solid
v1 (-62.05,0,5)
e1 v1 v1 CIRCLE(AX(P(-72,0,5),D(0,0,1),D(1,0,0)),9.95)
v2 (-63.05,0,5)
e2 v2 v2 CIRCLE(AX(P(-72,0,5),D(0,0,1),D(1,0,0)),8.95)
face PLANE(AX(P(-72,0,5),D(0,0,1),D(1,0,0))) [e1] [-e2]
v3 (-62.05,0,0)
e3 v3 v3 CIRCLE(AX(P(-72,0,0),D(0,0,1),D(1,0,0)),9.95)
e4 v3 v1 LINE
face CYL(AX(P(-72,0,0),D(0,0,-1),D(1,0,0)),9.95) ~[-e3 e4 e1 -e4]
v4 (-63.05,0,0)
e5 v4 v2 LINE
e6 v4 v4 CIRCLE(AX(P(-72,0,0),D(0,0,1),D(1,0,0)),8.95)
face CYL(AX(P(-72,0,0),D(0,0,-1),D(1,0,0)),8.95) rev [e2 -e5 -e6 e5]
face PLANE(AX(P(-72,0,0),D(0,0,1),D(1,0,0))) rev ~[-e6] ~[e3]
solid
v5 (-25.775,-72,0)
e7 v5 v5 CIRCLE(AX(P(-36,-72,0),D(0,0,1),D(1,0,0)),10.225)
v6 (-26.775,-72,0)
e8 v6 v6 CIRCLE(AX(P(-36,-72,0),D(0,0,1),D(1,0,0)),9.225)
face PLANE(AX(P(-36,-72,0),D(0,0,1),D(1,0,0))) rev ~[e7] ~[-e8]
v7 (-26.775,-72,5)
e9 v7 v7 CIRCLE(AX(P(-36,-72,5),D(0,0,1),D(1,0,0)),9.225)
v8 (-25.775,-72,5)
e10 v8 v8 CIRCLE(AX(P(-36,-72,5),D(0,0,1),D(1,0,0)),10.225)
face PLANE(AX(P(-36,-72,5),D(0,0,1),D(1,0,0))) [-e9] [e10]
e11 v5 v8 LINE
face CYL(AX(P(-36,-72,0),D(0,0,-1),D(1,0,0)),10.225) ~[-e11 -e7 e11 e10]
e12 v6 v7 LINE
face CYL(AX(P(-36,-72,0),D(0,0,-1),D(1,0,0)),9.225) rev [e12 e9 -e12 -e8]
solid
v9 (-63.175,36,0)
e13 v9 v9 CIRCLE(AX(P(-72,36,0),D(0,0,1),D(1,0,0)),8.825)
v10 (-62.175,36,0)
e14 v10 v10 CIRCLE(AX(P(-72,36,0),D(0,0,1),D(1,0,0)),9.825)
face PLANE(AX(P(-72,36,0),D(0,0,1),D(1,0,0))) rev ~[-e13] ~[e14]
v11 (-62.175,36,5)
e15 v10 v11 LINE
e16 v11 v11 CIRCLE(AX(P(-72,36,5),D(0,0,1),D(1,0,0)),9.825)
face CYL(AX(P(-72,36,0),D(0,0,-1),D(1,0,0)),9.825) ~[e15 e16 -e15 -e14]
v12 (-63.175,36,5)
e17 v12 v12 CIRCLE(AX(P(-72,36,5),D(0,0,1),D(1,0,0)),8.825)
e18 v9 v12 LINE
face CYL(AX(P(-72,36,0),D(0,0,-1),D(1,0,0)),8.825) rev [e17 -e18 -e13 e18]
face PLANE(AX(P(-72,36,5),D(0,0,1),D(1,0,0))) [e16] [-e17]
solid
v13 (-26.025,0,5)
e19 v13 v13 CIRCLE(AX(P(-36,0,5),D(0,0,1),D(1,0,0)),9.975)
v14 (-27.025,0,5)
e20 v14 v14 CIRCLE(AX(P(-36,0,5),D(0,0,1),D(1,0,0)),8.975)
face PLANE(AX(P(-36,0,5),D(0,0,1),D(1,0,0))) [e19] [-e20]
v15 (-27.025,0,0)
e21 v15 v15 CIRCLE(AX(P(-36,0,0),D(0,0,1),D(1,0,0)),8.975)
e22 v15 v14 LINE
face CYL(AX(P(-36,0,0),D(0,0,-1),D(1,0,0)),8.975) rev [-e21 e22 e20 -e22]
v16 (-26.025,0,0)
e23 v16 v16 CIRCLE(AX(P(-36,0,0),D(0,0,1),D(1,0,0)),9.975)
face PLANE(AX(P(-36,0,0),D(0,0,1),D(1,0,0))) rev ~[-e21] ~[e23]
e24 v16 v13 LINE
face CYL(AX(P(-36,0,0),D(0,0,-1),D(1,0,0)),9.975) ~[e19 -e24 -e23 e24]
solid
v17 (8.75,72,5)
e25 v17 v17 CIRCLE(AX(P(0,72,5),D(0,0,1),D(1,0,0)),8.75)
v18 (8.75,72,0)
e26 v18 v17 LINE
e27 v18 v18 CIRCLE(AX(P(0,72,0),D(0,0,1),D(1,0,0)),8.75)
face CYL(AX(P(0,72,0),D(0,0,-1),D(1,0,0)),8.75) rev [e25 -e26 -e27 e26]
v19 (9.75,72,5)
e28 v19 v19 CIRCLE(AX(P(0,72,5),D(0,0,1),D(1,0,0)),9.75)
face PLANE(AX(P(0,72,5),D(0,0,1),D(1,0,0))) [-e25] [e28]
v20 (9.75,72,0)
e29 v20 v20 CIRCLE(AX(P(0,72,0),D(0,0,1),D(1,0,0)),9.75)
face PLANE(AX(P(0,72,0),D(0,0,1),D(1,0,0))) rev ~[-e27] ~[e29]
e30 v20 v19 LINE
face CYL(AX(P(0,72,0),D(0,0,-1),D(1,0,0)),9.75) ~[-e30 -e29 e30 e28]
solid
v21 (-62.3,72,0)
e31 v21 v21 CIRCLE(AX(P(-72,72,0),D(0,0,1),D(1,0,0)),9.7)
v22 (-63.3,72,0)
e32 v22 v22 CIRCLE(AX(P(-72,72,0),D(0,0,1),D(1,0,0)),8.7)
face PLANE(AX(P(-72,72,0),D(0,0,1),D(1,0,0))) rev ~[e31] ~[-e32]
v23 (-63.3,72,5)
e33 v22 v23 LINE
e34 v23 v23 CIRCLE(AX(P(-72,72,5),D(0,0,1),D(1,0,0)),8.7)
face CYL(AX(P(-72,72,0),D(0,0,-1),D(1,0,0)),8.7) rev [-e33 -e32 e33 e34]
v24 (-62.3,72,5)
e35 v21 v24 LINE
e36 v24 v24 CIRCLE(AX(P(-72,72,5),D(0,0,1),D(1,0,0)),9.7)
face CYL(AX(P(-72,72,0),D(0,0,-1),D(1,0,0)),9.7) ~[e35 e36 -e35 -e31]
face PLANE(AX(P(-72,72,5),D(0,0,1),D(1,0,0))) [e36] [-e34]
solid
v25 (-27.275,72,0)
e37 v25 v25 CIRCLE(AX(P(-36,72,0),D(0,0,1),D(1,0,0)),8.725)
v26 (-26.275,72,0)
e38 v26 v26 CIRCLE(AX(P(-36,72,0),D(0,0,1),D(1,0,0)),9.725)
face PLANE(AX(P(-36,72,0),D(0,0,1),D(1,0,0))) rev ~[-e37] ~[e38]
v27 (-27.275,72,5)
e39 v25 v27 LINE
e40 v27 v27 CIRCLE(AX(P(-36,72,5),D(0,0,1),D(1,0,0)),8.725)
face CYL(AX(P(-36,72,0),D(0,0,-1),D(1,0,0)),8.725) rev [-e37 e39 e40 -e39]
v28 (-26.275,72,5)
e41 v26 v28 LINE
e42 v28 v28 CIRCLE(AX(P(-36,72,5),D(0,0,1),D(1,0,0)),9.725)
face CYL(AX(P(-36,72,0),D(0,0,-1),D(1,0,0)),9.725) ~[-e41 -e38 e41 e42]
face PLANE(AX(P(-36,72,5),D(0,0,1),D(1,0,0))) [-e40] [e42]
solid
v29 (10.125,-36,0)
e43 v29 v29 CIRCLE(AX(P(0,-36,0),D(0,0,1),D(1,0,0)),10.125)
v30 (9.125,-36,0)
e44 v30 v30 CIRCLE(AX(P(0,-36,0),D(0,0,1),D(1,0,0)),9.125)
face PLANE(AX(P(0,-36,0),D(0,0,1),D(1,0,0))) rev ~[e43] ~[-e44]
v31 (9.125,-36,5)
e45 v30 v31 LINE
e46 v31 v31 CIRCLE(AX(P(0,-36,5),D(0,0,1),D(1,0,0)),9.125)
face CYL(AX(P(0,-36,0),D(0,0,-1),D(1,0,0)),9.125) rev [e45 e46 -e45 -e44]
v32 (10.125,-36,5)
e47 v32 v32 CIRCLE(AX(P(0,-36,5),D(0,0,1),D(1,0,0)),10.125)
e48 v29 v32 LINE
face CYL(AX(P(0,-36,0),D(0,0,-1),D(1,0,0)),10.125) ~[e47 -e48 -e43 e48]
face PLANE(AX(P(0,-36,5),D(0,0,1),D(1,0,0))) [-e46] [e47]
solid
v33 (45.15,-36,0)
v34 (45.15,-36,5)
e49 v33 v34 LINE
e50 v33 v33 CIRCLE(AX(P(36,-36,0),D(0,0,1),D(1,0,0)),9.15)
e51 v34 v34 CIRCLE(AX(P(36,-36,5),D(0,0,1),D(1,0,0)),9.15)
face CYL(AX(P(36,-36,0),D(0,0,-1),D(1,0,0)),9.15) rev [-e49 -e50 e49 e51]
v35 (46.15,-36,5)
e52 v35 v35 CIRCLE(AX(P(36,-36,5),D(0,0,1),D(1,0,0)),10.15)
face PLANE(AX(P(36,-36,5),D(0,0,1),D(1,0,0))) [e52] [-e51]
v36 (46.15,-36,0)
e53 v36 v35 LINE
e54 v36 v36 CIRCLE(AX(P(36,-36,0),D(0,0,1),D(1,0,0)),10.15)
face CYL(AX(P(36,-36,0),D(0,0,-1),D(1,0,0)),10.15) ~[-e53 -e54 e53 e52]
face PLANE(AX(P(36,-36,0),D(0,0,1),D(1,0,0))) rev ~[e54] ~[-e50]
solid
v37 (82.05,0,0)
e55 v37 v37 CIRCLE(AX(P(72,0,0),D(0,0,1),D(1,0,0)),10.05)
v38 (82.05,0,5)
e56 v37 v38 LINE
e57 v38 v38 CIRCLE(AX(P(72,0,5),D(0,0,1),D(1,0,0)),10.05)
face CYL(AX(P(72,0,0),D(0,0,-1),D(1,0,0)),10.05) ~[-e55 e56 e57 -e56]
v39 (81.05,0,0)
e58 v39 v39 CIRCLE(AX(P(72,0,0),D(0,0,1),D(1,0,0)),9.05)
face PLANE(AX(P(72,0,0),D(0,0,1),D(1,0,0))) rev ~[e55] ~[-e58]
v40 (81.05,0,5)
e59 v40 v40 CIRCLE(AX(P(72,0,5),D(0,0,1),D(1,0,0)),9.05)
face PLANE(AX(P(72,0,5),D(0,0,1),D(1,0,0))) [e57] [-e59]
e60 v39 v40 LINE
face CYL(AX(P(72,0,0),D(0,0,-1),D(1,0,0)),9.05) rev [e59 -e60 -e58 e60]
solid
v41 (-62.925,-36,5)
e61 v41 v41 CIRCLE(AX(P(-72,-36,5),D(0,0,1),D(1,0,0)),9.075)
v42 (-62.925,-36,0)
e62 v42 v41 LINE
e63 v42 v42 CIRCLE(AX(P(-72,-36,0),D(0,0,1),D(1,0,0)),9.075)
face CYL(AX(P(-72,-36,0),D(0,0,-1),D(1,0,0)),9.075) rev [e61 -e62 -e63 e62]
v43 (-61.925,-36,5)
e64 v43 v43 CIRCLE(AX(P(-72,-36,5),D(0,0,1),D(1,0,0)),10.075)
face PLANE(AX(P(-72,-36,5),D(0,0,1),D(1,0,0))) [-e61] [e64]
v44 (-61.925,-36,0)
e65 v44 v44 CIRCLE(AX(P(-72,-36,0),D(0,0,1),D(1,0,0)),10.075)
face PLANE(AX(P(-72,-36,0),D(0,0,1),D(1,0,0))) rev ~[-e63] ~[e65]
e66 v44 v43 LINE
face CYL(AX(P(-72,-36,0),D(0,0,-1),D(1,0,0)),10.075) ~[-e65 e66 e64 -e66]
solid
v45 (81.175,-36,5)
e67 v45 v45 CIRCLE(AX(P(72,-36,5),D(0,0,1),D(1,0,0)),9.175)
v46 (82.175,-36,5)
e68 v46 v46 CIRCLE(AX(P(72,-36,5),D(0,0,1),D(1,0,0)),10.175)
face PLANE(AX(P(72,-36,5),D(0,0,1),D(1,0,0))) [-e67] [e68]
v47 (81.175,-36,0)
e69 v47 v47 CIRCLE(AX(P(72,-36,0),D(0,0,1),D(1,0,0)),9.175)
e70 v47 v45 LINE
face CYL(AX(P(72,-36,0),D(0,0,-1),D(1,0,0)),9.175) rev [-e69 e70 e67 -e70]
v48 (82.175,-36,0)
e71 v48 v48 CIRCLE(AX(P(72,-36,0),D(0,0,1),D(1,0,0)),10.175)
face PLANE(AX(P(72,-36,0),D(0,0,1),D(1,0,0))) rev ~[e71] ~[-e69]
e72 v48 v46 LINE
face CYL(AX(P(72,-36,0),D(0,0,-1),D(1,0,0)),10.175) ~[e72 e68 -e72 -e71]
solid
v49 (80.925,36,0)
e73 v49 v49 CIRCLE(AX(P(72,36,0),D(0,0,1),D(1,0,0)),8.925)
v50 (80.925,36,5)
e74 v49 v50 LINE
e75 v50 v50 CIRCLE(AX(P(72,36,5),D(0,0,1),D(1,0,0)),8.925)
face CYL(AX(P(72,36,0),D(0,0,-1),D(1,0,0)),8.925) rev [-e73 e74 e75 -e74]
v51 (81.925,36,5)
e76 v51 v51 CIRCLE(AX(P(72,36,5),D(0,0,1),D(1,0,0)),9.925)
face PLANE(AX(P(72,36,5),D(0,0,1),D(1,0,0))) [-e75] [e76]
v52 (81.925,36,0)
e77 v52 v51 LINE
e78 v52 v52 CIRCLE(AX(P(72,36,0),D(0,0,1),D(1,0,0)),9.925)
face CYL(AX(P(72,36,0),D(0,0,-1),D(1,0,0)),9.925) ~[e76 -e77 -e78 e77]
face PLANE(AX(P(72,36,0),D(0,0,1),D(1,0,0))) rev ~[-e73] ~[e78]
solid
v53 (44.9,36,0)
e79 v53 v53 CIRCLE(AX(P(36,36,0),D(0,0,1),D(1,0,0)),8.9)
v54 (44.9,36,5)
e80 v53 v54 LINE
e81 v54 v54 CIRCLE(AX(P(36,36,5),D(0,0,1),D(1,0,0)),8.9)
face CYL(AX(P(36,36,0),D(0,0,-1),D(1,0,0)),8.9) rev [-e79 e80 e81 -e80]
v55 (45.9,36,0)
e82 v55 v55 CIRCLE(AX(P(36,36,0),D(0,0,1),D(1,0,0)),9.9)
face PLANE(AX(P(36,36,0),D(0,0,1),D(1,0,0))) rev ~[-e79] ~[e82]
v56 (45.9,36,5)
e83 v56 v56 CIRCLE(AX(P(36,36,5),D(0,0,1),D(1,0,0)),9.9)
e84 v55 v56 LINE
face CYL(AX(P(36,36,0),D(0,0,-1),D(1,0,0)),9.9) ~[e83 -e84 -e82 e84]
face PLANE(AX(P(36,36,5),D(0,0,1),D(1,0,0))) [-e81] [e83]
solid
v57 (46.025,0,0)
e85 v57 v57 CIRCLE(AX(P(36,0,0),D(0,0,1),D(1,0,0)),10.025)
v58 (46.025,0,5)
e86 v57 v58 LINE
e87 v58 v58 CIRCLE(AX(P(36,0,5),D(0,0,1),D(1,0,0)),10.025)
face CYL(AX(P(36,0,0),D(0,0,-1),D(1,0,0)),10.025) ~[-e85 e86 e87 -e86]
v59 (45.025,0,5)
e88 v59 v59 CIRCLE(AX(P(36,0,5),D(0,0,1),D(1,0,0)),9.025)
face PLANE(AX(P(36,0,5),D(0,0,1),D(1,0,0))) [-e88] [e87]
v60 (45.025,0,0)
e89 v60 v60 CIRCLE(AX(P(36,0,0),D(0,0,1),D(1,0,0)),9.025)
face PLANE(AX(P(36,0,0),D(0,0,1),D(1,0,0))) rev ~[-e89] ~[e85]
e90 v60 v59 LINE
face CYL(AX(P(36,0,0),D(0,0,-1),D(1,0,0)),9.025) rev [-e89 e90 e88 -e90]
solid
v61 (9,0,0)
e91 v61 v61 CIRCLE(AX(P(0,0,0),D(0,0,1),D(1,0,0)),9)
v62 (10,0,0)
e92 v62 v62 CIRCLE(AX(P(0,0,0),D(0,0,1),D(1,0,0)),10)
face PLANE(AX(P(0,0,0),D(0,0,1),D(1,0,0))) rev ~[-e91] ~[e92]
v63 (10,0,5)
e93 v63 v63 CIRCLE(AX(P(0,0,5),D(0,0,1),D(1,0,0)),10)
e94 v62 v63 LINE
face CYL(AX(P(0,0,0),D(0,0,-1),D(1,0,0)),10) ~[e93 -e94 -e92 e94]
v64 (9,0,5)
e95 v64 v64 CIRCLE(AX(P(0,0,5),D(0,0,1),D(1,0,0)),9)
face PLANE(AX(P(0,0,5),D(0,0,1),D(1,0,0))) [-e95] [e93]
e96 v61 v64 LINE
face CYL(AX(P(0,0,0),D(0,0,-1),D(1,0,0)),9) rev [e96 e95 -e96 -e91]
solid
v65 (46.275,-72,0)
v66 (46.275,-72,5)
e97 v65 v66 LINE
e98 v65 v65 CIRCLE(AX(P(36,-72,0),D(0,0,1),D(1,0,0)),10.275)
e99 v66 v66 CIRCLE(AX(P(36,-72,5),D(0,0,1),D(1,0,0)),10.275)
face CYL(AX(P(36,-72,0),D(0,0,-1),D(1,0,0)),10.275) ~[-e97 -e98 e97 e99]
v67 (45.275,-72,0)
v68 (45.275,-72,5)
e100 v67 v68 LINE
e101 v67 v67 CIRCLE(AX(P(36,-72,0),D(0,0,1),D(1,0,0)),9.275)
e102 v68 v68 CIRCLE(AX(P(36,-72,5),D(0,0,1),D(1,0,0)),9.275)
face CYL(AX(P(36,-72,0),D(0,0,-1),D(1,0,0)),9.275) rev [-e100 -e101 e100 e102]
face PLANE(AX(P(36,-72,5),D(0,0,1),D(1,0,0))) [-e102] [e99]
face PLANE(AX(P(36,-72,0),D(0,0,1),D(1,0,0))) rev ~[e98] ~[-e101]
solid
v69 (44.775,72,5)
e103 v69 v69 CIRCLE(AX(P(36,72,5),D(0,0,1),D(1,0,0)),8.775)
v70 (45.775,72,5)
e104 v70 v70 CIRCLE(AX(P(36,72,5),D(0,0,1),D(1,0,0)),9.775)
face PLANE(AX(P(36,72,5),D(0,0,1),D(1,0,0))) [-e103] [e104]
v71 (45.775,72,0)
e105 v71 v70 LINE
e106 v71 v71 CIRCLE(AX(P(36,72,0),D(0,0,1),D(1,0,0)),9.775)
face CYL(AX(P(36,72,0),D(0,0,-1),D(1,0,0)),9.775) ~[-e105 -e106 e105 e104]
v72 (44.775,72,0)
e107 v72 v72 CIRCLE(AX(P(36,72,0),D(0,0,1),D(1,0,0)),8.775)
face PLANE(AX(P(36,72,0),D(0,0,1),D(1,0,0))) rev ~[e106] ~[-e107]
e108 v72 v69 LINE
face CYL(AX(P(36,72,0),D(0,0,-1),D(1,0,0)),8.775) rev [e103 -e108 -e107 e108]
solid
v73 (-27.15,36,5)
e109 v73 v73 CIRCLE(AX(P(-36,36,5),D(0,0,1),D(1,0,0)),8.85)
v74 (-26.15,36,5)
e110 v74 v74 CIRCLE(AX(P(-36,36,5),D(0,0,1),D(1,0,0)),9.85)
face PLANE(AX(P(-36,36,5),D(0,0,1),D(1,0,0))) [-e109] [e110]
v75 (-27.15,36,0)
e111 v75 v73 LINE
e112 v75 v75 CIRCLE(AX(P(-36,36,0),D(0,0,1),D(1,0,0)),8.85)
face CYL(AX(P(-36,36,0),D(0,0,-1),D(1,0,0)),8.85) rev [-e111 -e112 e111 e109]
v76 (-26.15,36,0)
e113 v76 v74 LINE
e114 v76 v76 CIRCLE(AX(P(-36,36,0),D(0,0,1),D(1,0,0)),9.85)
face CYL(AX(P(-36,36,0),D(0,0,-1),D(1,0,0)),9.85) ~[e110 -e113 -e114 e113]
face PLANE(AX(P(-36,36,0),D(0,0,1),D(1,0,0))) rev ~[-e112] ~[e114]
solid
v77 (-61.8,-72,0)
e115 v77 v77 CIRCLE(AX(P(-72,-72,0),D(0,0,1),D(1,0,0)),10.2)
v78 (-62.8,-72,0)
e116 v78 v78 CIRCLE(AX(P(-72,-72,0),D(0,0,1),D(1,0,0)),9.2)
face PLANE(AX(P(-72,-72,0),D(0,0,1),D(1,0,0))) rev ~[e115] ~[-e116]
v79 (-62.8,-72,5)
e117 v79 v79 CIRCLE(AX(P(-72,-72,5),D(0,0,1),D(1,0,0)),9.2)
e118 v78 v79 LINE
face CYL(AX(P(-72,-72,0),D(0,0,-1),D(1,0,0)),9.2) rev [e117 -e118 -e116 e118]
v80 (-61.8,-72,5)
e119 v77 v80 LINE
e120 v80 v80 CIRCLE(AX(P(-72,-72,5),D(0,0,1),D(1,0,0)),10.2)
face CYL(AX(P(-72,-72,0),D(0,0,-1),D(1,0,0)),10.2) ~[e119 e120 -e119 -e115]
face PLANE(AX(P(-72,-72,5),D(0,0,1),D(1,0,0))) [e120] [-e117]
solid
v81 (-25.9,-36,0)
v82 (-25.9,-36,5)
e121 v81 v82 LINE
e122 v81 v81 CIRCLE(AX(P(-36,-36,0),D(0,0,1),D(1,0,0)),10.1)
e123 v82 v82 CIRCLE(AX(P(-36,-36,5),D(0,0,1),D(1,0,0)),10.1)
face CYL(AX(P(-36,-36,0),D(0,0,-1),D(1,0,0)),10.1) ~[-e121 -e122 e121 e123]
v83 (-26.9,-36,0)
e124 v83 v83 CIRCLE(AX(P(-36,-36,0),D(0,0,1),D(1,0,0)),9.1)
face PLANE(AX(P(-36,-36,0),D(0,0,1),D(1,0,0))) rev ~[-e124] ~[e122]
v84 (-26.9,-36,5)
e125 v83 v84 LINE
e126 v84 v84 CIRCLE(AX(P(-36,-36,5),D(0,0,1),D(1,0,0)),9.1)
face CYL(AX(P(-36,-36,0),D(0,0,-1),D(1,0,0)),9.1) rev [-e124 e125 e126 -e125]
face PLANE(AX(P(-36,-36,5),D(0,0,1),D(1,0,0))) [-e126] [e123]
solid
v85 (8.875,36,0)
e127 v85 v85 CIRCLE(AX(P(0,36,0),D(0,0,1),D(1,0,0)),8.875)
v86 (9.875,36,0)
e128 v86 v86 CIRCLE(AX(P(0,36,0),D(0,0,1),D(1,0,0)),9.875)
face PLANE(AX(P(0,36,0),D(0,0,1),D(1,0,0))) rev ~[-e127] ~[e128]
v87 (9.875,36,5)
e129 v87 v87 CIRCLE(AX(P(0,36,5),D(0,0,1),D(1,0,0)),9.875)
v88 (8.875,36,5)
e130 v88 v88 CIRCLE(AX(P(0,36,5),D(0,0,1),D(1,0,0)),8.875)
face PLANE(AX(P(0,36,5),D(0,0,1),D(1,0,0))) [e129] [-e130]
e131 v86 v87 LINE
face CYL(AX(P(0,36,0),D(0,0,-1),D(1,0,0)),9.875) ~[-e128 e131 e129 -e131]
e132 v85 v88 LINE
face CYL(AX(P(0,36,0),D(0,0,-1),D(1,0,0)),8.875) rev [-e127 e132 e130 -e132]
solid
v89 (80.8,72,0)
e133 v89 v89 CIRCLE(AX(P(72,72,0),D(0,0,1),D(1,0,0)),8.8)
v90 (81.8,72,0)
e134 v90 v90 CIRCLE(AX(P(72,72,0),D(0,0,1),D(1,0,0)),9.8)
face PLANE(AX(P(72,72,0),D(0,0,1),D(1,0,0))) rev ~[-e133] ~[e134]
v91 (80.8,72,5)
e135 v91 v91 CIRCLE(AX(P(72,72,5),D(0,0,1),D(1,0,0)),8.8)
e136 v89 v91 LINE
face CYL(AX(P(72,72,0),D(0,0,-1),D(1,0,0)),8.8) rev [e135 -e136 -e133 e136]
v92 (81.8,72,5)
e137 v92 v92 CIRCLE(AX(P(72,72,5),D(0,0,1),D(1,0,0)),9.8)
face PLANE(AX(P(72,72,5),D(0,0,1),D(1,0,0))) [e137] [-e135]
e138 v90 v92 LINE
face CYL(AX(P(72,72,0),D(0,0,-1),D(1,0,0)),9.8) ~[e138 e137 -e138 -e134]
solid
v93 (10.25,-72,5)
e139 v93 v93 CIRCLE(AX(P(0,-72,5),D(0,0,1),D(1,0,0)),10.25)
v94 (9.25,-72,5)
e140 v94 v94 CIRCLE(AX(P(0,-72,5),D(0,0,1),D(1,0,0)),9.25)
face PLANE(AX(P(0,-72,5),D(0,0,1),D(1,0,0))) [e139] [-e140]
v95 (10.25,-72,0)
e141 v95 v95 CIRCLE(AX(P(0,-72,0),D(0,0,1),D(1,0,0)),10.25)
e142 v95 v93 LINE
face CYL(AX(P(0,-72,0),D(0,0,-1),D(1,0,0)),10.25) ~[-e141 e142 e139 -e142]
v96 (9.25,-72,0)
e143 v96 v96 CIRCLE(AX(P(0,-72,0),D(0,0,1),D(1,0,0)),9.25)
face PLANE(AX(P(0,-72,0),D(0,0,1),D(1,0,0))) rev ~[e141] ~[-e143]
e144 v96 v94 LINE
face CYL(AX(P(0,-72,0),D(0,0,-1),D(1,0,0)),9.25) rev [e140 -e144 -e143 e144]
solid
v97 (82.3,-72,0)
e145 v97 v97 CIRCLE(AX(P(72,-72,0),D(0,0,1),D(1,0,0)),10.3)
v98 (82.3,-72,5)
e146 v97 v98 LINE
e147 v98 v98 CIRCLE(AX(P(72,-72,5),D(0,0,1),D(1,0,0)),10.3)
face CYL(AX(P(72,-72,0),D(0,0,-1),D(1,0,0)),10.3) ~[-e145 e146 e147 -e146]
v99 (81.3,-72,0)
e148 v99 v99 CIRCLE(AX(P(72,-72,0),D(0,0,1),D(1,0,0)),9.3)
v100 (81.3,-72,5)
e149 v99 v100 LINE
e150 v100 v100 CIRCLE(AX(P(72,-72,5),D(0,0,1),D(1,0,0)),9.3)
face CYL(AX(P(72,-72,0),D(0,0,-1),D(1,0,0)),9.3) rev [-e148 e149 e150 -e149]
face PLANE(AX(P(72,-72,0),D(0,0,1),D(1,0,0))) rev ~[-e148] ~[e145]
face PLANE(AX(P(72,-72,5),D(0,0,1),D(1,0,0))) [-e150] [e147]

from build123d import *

# Parameters (mm, degrees)
F0_R     = 9.7
F0_R_2   = 8.7
F0_R_3   = 9.725
F0_R_4   = 8.725
F0_R_5   = 9.75
F0_R_6   = 8.75
F0_R_7   = 9.775
F0_R_8   = 8.775
F0_R_9   = 9.8
F0_R_10  = 8.8
F0_R_11  = 9.825
F0_R_12  = 8.825
F0_R_13  = 9.85
F0_R_14  = 8.85
F0_R_15  = 9.875
F0_R_16  = 8.875
F0_R_17  = 9.9
F0_R_18  = 8.9
F0_R_19  = 9.925
F0_R_20  = 8.925
F0_R_21  = 9.95
F0_R_22  = 8.95
F0_R_23  = 9.975
F0_R_24  = 8.975
F0_R_25  = 10
F0_R_26  = 9
F0_R_27  = 10.025
F0_R_28  = 9.025
F0_R_29  = 10.05
F0_R_30  = 9.05
F0_R_31  = 10.075
F0_R_32  = 9.075
F0_R_33  = 10.1
F0_R_34  = 9.1
F0_R_35  = 10.125
F0_R_36  = 9.125
F0_R_37  = 10.15
F0_R_38  = 9.15
F0_R_39  = 10.175
F0_R_40  = 9.175
F0_R_41  = 10.2
F0_R_42  = 9.2
F0_R_43  = 10.225
F0_R_44  = 9.225
F0_R_45  = 10.25
F0_R_46  = 9.25
F0_R_47  = 10.275
F0_R_48  = 9.275
F0_R_49  = 10.3
F0_R_50  = 9.3
F1_DEPTH = 5


with BuildPart() as f1:
    # F0 (on Top) → F1 (new body)
    with BuildSketch(Plane.XY):
        with Locations((-72, 72)):
            Circle(F0_R)
        with Locations((-72, 72)):
            Circle(F0_R_2, mode=Mode.SUBTRACT)
        with Locations((-36, 72)):
            Circle(F0_R_3)
        with Locations((-36, 72)):
            Circle(F0_R_4, mode=Mode.SUBTRACT)
        with Locations((0, 72)):
            Circle(F0_R_5)
        with Locations((0, 72)):
            Circle(F0_R_6, mode=Mode.SUBTRACT)
        with Locations((36, 72)):
            Circle(F0_R_7)
        with Locations((36, 72)):
            Circle(F0_R_8, mode=Mode.SUBTRACT)
        with Locations((72, 72)):
            Circle(F0_R_9)
        with Locations((72, 72)):
            Circle(F0_R_10, mode=Mode.SUBTRACT)
        with Locations((-72, 36)):
            Circle(F0_R_11)
        with Locations((-72, 36)):
            Circle(F0_R_12, mode=Mode.SUBTRACT)
        with Locations((-36, 36)):
            Circle(F0_R_13)
        with Locations((-36, 36)):
            Circle(F0_R_14, mode=Mode.SUBTRACT)
        with Locations((0, 36)):
            Circle(F0_R_15)
        with Locations((0, 36)):
            Circle(F0_R_16, mode=Mode.SUBTRACT)
        with Locations((36, 36)):
            Circle(F0_R_17)
        with Locations((36, 36)):
            Circle(F0_R_18, mode=Mode.SUBTRACT)
        with Locations((72, 36)):
            Circle(F0_R_19)
        with Locations((72, 36)):
            Circle(F0_R_20, mode=Mode.SUBTRACT)
        with Locations((-72, 0)):
            Circle(F0_R_21)
        with Locations((-72, 0)):
            Circle(F0_R_22, mode=Mode.SUBTRACT)
        with Locations((-36, 0)):
            Circle(F0_R_23)
        with Locations((-36, 0)):
            Circle(F0_R_24, mode=Mode.SUBTRACT)
        Circle(F0_R_25)
        Circle(F0_R_26, mode=Mode.SUBTRACT)
        with Locations((36, 0)):
            Circle(F0_R_27)
        with Locations((36, 0)):
            Circle(F0_R_28, mode=Mode.SUBTRACT)
        with Locations((72, 0)):
            Circle(F0_R_29)
        with Locations((72, 0)):
            Circle(F0_R_30, mode=Mode.SUBTRACT)
        with Locations((-72, -36)):
            Circle(F0_R_31)
        with Locations((-72, -36)):
            Circle(F0_R_32, mode=Mode.SUBTRACT)
        with Locations((-36, -36)):
            Circle(F0_R_33)
        with Locations((-36, -36)):
            Circle(F0_R_34, mode=Mode.SUBTRACT)
        with Locations((0, -36)):
            Circle(F0_R_35)
        with Locations((0, -36)):
            Circle(F0_R_36, mode=Mode.SUBTRACT)
        with Locations((36, -36)):
            Circle(F0_R_37)
        with Locations((36, -36)):
            Circle(F0_R_38, mode=Mode.SUBTRACT)
        with Locations((72, -36)):
            Circle(F0_R_39)
        with Locations((72, -36)):
            Circle(F0_R_40, mode=Mode.SUBTRACT)
        with Locations((-72, -72)):
            Circle(F0_R_41)
        with Locations((-72, -72)):
            Circle(F0_R_42, mode=Mode.SUBTRACT)
        with Locations((-36, -72)):
            Circle(F0_R_43)
        with Locations((-36, -72)):
            Circle(F0_R_44, mode=Mode.SUBTRACT)
        with Locations((0, -72)):
            Circle(F0_R_45)
        with Locations((0, -72)):
            Circle(F0_R_46, mode=Mode.SUBTRACT)
        with Locations((36, -72)):
            Circle(F0_R_47)
        with Locations((36, -72)):
            Circle(F0_R_48, mode=Mode.SUBTRACT)
        with Locations((72, -72)):
            Circle(F0_R_49)
        with Locations((72, -72)):
            Circle(F0_R_50, mode=Mode.SUBTRACT)
    extrude(amount=F1_DEPTH)


solid = f1.part
